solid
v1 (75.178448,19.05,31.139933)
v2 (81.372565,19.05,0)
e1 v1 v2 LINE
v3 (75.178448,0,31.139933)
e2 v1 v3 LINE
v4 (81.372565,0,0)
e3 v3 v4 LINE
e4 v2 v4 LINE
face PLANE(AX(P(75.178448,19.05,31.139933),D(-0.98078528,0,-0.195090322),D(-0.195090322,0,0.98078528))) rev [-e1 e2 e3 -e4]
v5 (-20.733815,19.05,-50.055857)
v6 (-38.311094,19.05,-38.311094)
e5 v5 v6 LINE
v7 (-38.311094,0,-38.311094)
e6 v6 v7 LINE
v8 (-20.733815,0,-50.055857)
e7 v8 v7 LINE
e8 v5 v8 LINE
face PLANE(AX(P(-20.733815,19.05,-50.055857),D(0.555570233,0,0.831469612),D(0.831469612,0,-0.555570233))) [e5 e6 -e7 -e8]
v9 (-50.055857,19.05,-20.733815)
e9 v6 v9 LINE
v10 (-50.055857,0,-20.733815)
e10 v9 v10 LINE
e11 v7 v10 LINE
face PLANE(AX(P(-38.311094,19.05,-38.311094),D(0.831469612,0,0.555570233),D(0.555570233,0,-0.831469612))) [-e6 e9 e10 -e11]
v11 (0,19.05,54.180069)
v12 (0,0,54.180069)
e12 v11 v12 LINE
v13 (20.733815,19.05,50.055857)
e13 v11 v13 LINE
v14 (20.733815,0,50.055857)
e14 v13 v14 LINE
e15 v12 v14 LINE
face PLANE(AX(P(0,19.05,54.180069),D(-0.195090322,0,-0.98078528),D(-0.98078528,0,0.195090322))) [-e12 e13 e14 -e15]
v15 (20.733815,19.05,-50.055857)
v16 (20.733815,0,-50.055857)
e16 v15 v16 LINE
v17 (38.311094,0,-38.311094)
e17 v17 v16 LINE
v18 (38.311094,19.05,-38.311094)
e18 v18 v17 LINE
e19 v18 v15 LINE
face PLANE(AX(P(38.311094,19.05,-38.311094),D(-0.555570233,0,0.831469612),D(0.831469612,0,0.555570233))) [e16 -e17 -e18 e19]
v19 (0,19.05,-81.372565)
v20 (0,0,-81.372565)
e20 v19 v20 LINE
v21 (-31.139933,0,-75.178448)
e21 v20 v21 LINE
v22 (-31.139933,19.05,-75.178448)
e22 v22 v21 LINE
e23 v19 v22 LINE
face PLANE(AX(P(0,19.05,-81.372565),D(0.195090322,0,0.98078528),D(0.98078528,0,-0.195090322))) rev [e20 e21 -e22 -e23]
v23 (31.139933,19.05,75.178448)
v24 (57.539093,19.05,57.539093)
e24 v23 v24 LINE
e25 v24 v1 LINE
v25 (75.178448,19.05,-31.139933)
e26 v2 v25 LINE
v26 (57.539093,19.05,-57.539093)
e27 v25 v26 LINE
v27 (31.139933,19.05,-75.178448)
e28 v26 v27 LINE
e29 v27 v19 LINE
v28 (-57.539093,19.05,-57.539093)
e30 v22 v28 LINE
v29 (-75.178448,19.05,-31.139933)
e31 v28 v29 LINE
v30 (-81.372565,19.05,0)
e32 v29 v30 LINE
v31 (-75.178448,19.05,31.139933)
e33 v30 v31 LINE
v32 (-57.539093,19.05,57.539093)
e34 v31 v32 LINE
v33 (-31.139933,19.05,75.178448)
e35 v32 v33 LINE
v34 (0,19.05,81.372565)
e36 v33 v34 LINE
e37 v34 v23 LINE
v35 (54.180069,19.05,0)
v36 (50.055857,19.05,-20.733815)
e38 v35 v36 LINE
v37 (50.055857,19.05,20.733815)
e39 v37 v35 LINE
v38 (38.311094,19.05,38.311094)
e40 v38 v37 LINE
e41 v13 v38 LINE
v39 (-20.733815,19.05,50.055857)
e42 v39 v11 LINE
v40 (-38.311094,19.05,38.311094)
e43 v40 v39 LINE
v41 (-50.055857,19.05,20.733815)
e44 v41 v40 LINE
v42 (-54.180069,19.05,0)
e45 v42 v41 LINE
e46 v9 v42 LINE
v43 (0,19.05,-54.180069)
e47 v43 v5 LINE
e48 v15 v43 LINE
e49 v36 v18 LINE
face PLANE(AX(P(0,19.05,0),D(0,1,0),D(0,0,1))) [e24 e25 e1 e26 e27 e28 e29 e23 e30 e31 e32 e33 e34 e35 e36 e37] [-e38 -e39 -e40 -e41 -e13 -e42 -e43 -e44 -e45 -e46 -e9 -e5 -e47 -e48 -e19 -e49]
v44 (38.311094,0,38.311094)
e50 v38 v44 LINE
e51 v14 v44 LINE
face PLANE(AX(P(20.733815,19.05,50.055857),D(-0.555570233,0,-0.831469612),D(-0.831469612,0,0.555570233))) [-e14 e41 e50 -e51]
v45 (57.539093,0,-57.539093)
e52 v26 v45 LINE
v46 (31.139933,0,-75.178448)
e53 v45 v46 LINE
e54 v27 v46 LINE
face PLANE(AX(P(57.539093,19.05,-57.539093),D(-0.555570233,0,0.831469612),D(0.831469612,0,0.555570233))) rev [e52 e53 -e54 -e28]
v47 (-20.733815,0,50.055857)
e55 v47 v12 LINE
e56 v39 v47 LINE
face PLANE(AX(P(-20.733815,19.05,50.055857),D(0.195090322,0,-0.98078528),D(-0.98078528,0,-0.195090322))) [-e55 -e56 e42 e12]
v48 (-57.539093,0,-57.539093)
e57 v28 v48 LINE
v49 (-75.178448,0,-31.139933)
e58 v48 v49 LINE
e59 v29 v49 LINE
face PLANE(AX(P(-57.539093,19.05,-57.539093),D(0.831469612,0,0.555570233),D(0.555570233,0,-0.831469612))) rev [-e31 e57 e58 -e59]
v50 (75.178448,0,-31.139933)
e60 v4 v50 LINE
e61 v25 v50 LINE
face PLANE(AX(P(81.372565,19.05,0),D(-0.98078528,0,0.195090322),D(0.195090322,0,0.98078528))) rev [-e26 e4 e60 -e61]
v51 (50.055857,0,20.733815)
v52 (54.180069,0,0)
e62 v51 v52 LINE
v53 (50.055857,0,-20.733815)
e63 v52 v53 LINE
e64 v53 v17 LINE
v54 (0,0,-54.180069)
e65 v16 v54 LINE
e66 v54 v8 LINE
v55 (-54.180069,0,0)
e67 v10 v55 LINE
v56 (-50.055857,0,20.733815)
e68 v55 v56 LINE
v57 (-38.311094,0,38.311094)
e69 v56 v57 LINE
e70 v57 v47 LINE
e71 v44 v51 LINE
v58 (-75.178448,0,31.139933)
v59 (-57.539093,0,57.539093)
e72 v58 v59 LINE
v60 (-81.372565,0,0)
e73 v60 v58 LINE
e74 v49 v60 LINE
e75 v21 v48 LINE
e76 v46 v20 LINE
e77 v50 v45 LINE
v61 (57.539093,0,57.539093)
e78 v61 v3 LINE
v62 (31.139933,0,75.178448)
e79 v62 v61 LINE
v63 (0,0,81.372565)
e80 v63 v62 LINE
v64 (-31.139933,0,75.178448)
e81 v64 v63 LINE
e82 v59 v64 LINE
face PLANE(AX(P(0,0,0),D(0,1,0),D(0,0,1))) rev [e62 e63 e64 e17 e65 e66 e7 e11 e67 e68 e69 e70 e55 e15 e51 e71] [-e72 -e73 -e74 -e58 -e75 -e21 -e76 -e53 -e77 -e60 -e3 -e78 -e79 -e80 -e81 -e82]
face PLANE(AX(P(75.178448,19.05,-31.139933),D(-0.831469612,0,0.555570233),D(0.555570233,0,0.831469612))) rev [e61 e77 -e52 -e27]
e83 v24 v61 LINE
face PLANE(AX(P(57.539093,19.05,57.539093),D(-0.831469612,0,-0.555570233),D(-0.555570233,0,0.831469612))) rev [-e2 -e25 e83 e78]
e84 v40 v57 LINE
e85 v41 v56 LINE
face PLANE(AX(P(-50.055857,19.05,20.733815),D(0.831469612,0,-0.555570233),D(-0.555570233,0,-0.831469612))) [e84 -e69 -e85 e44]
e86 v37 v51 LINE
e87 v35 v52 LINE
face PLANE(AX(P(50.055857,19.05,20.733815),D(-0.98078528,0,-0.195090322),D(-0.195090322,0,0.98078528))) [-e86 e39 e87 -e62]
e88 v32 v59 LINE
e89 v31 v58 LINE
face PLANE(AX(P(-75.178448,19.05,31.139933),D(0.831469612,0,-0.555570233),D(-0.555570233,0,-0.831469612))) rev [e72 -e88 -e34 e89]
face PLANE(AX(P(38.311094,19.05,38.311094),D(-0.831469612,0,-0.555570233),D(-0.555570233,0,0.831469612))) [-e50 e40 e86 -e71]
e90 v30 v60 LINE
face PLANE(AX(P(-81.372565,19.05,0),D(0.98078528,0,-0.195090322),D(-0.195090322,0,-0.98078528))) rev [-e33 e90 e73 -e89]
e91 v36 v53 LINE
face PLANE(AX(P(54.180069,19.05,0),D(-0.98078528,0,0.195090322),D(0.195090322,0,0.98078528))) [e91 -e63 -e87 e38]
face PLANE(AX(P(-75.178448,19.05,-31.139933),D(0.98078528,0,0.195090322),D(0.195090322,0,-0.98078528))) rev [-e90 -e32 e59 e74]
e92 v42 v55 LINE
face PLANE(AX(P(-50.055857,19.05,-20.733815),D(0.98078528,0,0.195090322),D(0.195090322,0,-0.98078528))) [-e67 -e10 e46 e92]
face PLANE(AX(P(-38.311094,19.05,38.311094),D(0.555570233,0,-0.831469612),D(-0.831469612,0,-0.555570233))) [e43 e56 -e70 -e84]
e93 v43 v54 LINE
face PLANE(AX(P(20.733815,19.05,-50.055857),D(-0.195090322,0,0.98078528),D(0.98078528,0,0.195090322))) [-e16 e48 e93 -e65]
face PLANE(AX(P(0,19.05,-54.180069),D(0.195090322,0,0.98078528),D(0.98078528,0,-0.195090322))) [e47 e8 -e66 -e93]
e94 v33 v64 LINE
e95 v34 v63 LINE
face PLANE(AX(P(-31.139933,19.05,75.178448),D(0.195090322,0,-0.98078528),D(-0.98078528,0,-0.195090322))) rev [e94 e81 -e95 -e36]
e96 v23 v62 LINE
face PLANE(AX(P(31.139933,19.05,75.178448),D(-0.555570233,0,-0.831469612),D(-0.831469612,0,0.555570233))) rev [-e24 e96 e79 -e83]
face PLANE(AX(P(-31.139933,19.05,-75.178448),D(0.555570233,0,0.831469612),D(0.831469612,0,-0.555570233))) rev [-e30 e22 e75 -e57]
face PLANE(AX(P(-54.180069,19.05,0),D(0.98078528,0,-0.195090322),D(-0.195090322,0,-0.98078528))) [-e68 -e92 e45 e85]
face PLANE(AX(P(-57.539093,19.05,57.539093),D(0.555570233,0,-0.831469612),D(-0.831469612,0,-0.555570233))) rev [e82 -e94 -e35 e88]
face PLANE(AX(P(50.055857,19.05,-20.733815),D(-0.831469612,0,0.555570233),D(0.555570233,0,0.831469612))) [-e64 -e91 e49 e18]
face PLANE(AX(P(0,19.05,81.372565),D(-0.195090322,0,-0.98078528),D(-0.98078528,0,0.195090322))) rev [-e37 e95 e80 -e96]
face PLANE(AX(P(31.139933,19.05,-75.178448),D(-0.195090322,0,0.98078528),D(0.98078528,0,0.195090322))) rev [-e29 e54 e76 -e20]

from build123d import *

# Parameters (mm, degrees)
BOSS_EXTRUDE2_DEPTH = 19.05


with BuildPart() as part:
    # Sketch2 → Boss-Extrude2 (new body)
    with BuildSketch(Plane(origin=(0, 0, 0), x_dir=(1, 0, 0), z_dir=(0, 1, 0))):
        Polygon((-81.372565466, 0), (-75.178447742, -31.139932653), (-57.539092843, -57.539092843), (-31.139932653, -75.178447742), (0, -81.372565466), (31.139932653, -75.178447742), (57.539092843, -57.539092843), (75.178447742, -31.139932653), (81.372565466, 0), (75.178447742, 31.139932653), (57.539092843, 57.539092843), (31.139932653, 75.178447742), (0, 81.372565466), (-31.139932653, 75.178447742), (-57.539092843, 57.539092843), (-75.178447742, 31.139932653), align=None)
        Polygon((-54.180069276, 0), (-50.055857074, -20.733814876), (-38.31109439, -38.31109439), (-20.733814876, -50.055857074), (0, -54.180069276), (20.733814876, -50.055857074), (38.31109439, -38.31109439), (50.055857074, -20.733814876), (54.180069276, 0), (50.055857074, 20.733814876), (38.31109439, 38.31109439), (20.733814876, 50.055857074), (0, 54.180069276), (-20.733814876, 50.055857074), (-38.31109439, 38.31109439), (-50.055857074, 20.733814876), align=None, mode=Mode.SUBTRACT)
    extrude(amount=BOSS_EXTRUDE2_DEPTH)


solid = part.part
